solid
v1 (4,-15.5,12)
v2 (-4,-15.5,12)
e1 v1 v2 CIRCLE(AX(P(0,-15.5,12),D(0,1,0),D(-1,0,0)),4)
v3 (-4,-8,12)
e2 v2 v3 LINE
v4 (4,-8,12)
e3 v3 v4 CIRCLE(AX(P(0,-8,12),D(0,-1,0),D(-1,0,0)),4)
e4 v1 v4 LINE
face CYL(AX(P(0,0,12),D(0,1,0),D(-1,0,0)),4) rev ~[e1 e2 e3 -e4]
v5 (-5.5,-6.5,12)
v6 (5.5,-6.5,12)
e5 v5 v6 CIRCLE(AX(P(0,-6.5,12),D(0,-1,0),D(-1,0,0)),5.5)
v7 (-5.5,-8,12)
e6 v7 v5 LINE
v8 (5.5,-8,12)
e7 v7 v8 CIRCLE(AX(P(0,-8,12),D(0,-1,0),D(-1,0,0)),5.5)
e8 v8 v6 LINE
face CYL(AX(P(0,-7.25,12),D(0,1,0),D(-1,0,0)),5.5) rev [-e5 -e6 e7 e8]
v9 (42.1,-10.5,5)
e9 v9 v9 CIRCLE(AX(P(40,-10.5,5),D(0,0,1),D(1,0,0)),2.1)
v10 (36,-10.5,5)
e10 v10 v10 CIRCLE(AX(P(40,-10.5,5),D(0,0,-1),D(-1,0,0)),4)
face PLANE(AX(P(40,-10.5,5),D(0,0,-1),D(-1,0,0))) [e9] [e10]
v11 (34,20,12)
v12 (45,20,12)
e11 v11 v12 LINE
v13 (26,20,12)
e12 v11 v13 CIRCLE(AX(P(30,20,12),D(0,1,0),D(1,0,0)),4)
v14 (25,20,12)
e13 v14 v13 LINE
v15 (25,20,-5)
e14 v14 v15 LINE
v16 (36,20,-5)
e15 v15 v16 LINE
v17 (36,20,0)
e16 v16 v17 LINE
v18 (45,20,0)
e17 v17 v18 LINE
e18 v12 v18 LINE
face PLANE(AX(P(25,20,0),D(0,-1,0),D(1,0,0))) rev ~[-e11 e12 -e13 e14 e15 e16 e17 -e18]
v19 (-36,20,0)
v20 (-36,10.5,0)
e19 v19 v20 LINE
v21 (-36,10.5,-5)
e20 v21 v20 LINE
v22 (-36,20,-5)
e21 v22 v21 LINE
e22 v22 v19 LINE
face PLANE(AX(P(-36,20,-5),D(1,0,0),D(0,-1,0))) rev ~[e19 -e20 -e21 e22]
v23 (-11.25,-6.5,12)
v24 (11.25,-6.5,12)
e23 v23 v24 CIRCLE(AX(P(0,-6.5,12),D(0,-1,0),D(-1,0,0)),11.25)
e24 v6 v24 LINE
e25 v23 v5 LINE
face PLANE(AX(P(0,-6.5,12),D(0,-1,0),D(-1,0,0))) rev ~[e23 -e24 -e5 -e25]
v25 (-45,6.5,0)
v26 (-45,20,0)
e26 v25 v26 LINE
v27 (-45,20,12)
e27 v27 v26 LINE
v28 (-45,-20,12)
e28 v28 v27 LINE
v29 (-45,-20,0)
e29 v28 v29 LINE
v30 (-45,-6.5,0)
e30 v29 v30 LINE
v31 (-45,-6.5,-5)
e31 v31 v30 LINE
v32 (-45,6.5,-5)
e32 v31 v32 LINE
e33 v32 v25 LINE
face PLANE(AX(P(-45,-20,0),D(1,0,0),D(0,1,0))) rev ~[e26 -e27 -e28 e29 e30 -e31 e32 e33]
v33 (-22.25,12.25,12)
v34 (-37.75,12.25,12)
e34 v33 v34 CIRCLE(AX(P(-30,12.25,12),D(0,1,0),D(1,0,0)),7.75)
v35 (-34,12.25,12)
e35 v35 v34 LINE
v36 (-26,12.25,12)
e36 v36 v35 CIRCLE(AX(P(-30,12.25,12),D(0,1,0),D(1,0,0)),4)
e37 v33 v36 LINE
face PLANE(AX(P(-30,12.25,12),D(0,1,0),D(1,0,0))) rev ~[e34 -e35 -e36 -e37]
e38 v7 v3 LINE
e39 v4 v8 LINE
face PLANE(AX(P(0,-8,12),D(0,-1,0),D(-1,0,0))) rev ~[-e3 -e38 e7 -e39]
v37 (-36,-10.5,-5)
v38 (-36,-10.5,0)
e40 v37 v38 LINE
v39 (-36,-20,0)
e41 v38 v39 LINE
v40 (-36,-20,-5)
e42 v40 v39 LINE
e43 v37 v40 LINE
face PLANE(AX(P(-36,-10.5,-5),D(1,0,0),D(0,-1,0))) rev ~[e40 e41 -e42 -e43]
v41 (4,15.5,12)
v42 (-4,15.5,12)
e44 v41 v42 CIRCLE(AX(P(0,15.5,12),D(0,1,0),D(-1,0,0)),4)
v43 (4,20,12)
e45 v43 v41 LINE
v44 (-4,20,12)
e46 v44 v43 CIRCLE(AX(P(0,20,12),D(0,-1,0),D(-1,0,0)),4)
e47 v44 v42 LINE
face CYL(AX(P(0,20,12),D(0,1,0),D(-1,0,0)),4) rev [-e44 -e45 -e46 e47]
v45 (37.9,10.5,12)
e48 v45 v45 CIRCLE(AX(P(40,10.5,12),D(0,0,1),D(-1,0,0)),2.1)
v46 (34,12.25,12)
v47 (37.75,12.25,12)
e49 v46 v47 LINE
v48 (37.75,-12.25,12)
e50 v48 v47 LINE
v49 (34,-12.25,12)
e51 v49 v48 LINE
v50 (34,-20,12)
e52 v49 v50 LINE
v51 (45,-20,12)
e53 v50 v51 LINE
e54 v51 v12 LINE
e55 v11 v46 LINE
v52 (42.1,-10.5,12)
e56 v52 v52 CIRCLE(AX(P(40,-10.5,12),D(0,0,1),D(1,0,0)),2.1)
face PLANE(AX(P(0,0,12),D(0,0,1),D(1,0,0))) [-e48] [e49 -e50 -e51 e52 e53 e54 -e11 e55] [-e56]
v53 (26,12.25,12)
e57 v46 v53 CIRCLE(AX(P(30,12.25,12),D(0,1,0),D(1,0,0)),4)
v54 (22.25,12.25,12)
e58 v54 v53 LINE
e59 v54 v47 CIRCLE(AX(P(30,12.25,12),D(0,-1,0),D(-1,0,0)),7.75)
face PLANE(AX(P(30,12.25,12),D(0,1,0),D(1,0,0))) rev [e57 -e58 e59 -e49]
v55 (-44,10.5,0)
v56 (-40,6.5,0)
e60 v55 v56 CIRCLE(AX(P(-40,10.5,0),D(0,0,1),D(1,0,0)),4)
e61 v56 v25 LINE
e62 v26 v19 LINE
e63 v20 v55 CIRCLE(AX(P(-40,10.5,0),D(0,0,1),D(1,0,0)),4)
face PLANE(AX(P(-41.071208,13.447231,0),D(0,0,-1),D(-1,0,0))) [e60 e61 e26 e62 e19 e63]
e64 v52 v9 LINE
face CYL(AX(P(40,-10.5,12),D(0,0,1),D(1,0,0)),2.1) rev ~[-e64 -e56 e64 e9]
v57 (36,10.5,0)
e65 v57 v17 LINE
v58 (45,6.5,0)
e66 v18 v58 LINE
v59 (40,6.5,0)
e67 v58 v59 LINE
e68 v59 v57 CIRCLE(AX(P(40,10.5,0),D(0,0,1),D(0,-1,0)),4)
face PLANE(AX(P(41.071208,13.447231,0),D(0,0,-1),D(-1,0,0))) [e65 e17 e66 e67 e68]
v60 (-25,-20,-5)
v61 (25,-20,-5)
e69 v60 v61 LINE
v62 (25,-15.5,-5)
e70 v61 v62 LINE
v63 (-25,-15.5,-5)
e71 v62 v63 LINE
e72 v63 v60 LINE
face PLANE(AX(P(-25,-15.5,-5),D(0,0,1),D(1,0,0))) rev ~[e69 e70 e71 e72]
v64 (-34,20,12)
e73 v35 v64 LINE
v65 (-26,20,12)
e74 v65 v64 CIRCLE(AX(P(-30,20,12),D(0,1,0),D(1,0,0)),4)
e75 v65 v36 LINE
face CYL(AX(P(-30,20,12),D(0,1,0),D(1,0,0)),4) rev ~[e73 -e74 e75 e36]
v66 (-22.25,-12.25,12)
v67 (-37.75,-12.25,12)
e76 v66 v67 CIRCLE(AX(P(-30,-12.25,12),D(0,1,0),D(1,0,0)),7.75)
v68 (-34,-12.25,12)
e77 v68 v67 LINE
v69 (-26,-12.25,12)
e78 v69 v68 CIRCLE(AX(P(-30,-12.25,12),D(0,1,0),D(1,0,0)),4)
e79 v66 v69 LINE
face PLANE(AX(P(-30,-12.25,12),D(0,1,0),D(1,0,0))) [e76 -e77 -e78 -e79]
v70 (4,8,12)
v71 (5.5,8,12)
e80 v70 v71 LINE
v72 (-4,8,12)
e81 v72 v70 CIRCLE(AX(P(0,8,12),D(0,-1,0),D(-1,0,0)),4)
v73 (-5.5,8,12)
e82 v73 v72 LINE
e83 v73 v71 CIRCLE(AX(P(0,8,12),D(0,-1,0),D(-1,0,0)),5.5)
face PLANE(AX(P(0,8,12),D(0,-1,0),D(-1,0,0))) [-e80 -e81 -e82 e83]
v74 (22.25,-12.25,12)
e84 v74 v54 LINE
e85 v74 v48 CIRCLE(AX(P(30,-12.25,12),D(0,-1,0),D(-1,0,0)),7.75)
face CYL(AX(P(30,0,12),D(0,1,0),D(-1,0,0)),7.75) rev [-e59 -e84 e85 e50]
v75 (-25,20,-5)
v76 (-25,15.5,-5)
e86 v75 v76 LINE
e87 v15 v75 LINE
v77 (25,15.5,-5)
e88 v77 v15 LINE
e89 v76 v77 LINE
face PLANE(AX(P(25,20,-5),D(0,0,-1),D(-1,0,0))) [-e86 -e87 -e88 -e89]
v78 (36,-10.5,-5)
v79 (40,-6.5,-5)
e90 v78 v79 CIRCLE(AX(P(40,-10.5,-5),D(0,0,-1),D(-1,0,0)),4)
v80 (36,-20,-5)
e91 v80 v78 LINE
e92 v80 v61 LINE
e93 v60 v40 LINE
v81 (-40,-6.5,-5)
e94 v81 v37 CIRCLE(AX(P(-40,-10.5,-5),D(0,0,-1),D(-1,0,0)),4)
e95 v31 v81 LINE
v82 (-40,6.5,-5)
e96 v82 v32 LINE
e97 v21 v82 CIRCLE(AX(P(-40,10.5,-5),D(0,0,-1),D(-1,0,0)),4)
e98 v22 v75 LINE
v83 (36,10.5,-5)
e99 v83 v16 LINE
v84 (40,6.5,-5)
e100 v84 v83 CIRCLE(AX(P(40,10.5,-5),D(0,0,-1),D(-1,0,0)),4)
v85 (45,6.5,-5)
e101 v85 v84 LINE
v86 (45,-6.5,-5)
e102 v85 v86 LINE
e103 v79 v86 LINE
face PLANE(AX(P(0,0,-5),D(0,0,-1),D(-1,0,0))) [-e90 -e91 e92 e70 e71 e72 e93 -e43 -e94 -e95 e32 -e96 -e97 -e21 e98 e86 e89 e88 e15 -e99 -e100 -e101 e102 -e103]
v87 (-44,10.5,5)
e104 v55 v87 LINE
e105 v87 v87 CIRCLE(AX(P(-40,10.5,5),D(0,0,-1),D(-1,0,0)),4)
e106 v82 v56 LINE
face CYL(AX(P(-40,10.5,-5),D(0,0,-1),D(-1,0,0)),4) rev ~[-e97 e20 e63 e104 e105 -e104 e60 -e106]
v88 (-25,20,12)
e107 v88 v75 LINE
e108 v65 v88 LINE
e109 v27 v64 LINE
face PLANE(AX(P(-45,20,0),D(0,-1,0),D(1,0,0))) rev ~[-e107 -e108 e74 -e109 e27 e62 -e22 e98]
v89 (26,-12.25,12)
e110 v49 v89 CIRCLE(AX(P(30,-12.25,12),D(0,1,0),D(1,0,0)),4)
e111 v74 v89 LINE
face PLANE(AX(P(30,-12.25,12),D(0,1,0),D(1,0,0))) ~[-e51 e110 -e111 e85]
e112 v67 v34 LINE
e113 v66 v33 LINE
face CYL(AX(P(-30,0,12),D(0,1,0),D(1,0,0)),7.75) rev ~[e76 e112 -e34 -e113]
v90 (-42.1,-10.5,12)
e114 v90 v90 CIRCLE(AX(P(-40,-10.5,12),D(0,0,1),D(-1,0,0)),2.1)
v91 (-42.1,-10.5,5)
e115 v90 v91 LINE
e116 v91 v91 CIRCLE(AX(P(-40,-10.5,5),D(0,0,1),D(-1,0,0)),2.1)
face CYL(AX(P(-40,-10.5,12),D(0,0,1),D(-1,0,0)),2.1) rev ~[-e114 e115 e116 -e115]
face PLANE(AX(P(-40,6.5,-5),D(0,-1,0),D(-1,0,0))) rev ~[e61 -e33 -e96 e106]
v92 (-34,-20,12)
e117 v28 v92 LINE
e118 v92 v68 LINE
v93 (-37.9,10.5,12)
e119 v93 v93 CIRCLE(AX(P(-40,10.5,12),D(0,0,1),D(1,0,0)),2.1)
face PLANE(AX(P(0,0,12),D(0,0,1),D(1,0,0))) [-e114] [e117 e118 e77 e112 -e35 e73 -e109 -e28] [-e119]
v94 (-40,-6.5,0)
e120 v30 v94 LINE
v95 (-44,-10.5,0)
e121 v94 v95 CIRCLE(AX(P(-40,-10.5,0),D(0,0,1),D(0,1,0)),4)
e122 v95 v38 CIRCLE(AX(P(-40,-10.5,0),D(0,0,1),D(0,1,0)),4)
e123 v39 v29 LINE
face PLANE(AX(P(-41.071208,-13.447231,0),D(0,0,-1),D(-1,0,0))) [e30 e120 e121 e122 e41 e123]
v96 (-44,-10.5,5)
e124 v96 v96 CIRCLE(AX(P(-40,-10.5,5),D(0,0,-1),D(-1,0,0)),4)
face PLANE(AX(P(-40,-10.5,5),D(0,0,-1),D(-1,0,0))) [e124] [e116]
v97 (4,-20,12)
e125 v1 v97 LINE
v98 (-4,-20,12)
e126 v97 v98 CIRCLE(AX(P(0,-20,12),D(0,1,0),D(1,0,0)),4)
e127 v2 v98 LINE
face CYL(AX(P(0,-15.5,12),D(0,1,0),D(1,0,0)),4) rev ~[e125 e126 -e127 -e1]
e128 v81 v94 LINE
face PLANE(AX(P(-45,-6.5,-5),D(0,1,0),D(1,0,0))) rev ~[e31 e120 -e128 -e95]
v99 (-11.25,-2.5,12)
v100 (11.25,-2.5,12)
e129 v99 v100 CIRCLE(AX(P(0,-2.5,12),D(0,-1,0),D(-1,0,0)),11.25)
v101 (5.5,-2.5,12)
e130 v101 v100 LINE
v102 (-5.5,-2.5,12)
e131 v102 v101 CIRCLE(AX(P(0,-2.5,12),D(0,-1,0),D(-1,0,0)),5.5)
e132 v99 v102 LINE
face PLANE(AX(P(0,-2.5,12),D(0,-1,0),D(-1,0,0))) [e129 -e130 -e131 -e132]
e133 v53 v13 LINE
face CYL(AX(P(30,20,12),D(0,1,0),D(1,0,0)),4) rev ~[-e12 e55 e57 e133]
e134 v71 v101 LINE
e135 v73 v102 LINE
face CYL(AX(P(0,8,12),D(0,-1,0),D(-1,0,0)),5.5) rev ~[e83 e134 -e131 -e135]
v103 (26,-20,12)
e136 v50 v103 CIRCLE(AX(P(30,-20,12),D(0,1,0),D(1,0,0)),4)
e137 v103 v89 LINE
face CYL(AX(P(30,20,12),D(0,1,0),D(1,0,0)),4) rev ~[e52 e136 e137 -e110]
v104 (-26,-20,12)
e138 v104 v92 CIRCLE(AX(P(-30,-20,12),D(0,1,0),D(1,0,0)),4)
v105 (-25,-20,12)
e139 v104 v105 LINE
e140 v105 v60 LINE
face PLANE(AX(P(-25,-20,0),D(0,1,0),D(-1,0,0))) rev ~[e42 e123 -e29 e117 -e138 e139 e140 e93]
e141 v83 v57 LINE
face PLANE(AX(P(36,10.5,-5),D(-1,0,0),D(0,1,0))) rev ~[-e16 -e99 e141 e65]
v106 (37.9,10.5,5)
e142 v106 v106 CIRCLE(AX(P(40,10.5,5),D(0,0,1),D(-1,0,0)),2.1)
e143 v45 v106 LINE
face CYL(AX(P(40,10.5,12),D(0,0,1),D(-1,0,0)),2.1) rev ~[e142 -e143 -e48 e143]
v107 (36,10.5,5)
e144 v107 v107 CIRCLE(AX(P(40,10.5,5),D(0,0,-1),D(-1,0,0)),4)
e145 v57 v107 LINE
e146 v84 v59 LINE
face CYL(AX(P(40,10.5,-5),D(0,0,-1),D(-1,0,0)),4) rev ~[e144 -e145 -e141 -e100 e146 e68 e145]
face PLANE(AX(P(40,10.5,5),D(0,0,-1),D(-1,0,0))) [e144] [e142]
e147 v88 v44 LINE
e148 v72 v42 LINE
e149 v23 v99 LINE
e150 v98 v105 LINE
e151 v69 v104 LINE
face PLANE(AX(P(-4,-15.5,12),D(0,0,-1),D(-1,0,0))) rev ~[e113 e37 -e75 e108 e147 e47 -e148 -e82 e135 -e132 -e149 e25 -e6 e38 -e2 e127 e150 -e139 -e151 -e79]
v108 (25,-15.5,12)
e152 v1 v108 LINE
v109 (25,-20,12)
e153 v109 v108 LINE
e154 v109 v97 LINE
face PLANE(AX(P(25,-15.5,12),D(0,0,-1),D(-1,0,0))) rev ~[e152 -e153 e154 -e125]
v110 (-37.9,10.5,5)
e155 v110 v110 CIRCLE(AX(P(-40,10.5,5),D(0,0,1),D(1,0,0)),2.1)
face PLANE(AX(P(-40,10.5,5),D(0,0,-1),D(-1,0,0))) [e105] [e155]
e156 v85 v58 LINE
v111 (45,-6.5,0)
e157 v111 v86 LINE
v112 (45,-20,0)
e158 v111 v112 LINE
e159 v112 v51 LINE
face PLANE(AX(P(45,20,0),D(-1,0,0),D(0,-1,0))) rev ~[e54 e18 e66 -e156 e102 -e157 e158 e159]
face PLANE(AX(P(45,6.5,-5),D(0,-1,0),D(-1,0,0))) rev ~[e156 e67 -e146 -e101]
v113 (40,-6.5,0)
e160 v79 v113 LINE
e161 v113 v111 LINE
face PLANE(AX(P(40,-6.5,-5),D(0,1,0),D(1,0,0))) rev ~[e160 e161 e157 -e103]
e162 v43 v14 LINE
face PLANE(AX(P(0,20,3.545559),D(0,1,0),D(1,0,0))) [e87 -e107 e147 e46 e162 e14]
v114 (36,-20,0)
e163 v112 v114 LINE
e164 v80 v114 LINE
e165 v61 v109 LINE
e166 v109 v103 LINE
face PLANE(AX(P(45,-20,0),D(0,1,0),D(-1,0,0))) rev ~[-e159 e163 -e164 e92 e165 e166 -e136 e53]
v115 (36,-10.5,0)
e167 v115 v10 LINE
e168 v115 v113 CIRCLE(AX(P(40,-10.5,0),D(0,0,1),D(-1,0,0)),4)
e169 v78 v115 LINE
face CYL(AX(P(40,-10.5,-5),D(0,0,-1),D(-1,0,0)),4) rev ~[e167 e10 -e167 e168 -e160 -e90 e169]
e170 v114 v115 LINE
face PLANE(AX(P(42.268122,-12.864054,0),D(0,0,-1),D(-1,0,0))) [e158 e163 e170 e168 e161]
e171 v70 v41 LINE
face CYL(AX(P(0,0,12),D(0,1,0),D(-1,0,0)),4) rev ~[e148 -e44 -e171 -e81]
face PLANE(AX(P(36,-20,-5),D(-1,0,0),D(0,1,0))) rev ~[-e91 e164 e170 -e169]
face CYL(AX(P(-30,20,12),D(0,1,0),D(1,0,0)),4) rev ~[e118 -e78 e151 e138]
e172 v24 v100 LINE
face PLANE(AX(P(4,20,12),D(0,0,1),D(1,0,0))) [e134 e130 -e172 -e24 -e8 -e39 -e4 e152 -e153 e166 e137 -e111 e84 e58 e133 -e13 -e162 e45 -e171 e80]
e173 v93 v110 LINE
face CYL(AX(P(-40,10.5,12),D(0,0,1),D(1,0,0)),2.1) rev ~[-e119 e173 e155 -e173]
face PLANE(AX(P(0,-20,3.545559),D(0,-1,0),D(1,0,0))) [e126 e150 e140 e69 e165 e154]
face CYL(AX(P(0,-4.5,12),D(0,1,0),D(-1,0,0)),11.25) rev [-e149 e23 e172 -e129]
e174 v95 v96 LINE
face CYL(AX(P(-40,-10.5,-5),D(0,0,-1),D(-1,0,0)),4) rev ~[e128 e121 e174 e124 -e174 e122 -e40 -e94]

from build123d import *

# Parameters (mm, degrees)
ESQUISSE1_W             = 90
ESQUISSE1_H             = 40
BOSS_EXTRU_1_DEPTH      = 12
ESQUISSE2_R             = 4
ENL_V_MAT_EXTRU_1_DEPTH = 62.392181913
ESQUISSE3_R             = 7.75
ENL_V_MAT_EXTRU_2_DEPTH = 12.25
ESQUISSE9_W             = 50
ESQUISSE9_H             = 14.72812859
ESQUISSE9_H_2           = 10.600161614
ENL_V_MAT_EXTRU_7_DEPTH = 31
BOSS_EXTRUDE1_DEPTH     = 5
SKETCH2_R               = 2.1
CUT_EXTRUDE1_DEPTH      = 53.096065111
SKETCH3_R               = 4
CUT_EXTRUDE2_DEPTH      = 10
CUT_EXTRUDE3_DEPTH      = 5
SKETCH6_W               = 4
SKETCH6_H               = 31
BOSS_EXTRUDE2_START     = 4.5
BOSS_EXTRUDE2_DEPTH     = 4.5
BOSS_EXTRUDE3_DEPTH     = 4.5


with BuildPart() as part:
    # Esquisse1 → Boss.-Extru.1 (new body)
    with BuildSketch(Plane.XY):
        Rectangle(ESQUISSE1_W, ESQUISSE1_H)
    extrude(amount=BOSS_EXTRU_1_DEPTH)

    # Esquisse2 → Enlèv. mat.-Extru.1 (cut, through all)
    with BuildSketch(Plane(origin=(0, 20, 0), x_dir=(1, 0, 0), z_dir=(0, 1, 0))):
        with Locations((-30, -12)):
            Circle(ESQUISSE2_R)
        with Locations((30, -12)):
            Circle(ESQUISSE2_R)
    extrude(amount=-ENL_V_MAT_EXTRU_1_DEPTH, mode=Mode.SUBTRACT)

    # Esquisse3 → Enlèv. mat.-Extru.2 (cut, symmetric)
    with BuildSketch(Plane(origin=(0, 0, 0), x_dir=(1, 0, 0), z_dir=(0, 1, 0))):
        with Locations((-30, -12)):
            Circle(ESQUISSE3_R)
    enl_v_mat_extru_2 = extrude(amount=ENL_V_MAT_EXTRU_2_DEPTH, both=True, mode=Mode.SUBTRACT)

    # Esquisse9 → Enlèv. mat.-Extru.7 (cut)
    with BuildSketch(Plane.XY.offset(12)):
        with Locations((0, -22.864064295)):
            Rectangle(ESQUISSE9_W, ESQUISSE9_H)
        with Locations((0, 20.800080807)):
            Rectangle(ESQUISSE9_W, ESQUISSE9_H_2)
    extrude(amount=-ENL_V_MAT_EXTRU_7_DEPTH, mode=Mode.SUBTRACT)

    # Sketch1 → Boss-Extrude1 (add)
    with BuildSketch(Plane(origin=(0, 0, 0), x_dir=(-1, 0, 0), z_dir=(0, 0, -1))):
        Polygon((-25, -15.5), (25, -15.5), (25, -20), (45, -20), (45, 20), (25, 20), (25, 15.5), (-25, 15.5), (-25, 20), (-45, 20), (-45, -20), (-25, -20), align=None)
    extrude(amount=BOSS_EXTRUDE1_DEPTH)

    # Sketch2 → Cut-Extrude1 (cut, through all)
    with BuildSketch(Plane.XY.offset(12)):
        with Locations((-40, 10.5)):
            Circle(SKETCH2_R)
        with Locations((40, 10.5)):
            Circle(SKETCH2_R)
        with Locations((40, -10.5)):
            Circle(SKETCH2_R)
        with Locations((-40, -10.5)):
            Circle(SKETCH2_R)
    extrude(amount=-CUT_EXTRUDE1_DEPTH, mode=Mode.SUBTRACT)

    # Sketch3 → Cut-Extrude2 (cut)
    with BuildSketch(Plane(origin=(0, 0, -5), x_dir=(-1, 0, 0), z_dir=(0, 0, -1))):
        with Locations((-40, 10.5)):
            Circle(SKETCH3_R)
        with Locations((40, 10.5)):
            Circle(SKETCH3_R)
        with Locations((40, -10.5)):
            Circle(SKETCH3_R)
        with Locations((-40, -10.5)):
            Circle(SKETCH3_R)
    extrude(amount=-CUT_EXTRUDE2_DEPTH, mode=Mode.SUBTRACT)

    # Sketch4 → Cut-Extrude3 (cut)
    with BuildSketch(Plane(origin=(0, 0, -5), x_dir=(-1, 0, 0), z_dir=(0, 0, -1))):
        with BuildLine():
            Line((-36, 10.5), (-36, 20))
            Line((-36, 20), (-45, 20))
            Line((-45, 20), (-45, 6.5))
            Line((-45, 6.5), (-40, 6.5))
            ThreePointArc((-40, 6.5), (-42.828427125, 13.328427125), (-36, 10.5))
        make_face()
        with BuildLine():
            Line((-40, -6.5), (-50, -6.5))
            Line((-50, -6.5), (-45, -20))
            Line((-45, -20), (-36, -20))
            Line((-36, -20), (-36, -10.5))
            ThreePointArc((-36, -10.5), (-42.828427125, -13.328427125), (-40, -6.5))
        make_face()
        with BuildLine():
            Line((45, -20), (45, -6.5))
            Line((45, -6.5), (40, -6.5))
            ThreePointArc((40, -6.5), (42.828427125, -13.328427125), (36, -10.5))
            Line((36, -10.5), (36, -20))
            Line((36, -20), (45, -20))
        make_face()
        with BuildLine():
            Line((40, 6.5), (45, 6.5))
            Line((45, 6.5), (45, 20))
            Line((45, 20), (36, 20))
            Line((36, 20), (36, 10.5))
            ThreePointArc((36, 10.5), (42.828427125, 13.328427125), (40, 6.5))
        make_face()
    extrude(amount=-CUT_EXTRUDE3_DEPTH, mode=Mode.SUBTRACT)

    # Mirror1: Enlèv. mat.-Extru.2 across plane
    add(enl_v_mat_extru_2.mirror(Plane.ZY), mode=Mode.SUBTRACT)

    # Sketch6 → Cut-Revolve1 (revolve, cut)
    with BuildSketch(Plane.XY.offset(12)):
        with Locations((-2, 0)):
            Rectangle(SKETCH6_W, SKETCH6_H)
    revolve(axis=Axis((0, -15.5, 12), (0, 1, 0)), mode=Mode.SUBTRACT)

    # Sketch7 → Cut-Revolve4 (revolve, cut)
    with BuildSketch(Plane.XY.offset(12)):
        Polygon((-11.25, -2.5), (-11.25, -6.5), (-5.5, -6.5), (-5.5, -8), (-4, -8), (-4, 8), (-5.5, 8), (-5.5, -2.5), align=None)
    revolve(axis=Axis((0, 8, 12), (0, -1, 0)), mode=Mode.SUBTRACT)

    # Sketch8 → Boss-Extrude2 (add)
    with BuildSketch(Plane(origin=(0, 15.5, 0), x_dir=(1, 0, 0), z_dir=(0, 1, 0)).offset(BOSS_EXTRUDE2_START)):
        with BuildLine():
            Line((4, -12), (25, -12))
            Line((25, -12), (25, 5))
            Line((25, 5), (-25, 5))
            Line((-25, 5), (-25, -12))
            Line((-25, -12), (-4, -12))
            ThreePointArc((-4, -12), (0, -8), (4, -12))
        make_face()
    extrude(amount=-BOSS_EXTRUDE2_DEPTH)

    # Sketch9 → Boss-Extrude3 (add)
    with BuildSketch(Plane.XZ.offset(15.5)):
        with BuildLine():
            Line((-4, 12), (-25, 12))
            Line((-25, 12), (-25, -5))
            Line((-25, -5), (25, -5))
            Line((25, -5), (25, 12))
            Line((25, 12), (4, 12))
            ThreePointArc((4, 12), (0, 8), (-4, 12))
        make_face()
    extrude(amount=BOSS_EXTRUDE3_DEPTH)


solid = part.part
